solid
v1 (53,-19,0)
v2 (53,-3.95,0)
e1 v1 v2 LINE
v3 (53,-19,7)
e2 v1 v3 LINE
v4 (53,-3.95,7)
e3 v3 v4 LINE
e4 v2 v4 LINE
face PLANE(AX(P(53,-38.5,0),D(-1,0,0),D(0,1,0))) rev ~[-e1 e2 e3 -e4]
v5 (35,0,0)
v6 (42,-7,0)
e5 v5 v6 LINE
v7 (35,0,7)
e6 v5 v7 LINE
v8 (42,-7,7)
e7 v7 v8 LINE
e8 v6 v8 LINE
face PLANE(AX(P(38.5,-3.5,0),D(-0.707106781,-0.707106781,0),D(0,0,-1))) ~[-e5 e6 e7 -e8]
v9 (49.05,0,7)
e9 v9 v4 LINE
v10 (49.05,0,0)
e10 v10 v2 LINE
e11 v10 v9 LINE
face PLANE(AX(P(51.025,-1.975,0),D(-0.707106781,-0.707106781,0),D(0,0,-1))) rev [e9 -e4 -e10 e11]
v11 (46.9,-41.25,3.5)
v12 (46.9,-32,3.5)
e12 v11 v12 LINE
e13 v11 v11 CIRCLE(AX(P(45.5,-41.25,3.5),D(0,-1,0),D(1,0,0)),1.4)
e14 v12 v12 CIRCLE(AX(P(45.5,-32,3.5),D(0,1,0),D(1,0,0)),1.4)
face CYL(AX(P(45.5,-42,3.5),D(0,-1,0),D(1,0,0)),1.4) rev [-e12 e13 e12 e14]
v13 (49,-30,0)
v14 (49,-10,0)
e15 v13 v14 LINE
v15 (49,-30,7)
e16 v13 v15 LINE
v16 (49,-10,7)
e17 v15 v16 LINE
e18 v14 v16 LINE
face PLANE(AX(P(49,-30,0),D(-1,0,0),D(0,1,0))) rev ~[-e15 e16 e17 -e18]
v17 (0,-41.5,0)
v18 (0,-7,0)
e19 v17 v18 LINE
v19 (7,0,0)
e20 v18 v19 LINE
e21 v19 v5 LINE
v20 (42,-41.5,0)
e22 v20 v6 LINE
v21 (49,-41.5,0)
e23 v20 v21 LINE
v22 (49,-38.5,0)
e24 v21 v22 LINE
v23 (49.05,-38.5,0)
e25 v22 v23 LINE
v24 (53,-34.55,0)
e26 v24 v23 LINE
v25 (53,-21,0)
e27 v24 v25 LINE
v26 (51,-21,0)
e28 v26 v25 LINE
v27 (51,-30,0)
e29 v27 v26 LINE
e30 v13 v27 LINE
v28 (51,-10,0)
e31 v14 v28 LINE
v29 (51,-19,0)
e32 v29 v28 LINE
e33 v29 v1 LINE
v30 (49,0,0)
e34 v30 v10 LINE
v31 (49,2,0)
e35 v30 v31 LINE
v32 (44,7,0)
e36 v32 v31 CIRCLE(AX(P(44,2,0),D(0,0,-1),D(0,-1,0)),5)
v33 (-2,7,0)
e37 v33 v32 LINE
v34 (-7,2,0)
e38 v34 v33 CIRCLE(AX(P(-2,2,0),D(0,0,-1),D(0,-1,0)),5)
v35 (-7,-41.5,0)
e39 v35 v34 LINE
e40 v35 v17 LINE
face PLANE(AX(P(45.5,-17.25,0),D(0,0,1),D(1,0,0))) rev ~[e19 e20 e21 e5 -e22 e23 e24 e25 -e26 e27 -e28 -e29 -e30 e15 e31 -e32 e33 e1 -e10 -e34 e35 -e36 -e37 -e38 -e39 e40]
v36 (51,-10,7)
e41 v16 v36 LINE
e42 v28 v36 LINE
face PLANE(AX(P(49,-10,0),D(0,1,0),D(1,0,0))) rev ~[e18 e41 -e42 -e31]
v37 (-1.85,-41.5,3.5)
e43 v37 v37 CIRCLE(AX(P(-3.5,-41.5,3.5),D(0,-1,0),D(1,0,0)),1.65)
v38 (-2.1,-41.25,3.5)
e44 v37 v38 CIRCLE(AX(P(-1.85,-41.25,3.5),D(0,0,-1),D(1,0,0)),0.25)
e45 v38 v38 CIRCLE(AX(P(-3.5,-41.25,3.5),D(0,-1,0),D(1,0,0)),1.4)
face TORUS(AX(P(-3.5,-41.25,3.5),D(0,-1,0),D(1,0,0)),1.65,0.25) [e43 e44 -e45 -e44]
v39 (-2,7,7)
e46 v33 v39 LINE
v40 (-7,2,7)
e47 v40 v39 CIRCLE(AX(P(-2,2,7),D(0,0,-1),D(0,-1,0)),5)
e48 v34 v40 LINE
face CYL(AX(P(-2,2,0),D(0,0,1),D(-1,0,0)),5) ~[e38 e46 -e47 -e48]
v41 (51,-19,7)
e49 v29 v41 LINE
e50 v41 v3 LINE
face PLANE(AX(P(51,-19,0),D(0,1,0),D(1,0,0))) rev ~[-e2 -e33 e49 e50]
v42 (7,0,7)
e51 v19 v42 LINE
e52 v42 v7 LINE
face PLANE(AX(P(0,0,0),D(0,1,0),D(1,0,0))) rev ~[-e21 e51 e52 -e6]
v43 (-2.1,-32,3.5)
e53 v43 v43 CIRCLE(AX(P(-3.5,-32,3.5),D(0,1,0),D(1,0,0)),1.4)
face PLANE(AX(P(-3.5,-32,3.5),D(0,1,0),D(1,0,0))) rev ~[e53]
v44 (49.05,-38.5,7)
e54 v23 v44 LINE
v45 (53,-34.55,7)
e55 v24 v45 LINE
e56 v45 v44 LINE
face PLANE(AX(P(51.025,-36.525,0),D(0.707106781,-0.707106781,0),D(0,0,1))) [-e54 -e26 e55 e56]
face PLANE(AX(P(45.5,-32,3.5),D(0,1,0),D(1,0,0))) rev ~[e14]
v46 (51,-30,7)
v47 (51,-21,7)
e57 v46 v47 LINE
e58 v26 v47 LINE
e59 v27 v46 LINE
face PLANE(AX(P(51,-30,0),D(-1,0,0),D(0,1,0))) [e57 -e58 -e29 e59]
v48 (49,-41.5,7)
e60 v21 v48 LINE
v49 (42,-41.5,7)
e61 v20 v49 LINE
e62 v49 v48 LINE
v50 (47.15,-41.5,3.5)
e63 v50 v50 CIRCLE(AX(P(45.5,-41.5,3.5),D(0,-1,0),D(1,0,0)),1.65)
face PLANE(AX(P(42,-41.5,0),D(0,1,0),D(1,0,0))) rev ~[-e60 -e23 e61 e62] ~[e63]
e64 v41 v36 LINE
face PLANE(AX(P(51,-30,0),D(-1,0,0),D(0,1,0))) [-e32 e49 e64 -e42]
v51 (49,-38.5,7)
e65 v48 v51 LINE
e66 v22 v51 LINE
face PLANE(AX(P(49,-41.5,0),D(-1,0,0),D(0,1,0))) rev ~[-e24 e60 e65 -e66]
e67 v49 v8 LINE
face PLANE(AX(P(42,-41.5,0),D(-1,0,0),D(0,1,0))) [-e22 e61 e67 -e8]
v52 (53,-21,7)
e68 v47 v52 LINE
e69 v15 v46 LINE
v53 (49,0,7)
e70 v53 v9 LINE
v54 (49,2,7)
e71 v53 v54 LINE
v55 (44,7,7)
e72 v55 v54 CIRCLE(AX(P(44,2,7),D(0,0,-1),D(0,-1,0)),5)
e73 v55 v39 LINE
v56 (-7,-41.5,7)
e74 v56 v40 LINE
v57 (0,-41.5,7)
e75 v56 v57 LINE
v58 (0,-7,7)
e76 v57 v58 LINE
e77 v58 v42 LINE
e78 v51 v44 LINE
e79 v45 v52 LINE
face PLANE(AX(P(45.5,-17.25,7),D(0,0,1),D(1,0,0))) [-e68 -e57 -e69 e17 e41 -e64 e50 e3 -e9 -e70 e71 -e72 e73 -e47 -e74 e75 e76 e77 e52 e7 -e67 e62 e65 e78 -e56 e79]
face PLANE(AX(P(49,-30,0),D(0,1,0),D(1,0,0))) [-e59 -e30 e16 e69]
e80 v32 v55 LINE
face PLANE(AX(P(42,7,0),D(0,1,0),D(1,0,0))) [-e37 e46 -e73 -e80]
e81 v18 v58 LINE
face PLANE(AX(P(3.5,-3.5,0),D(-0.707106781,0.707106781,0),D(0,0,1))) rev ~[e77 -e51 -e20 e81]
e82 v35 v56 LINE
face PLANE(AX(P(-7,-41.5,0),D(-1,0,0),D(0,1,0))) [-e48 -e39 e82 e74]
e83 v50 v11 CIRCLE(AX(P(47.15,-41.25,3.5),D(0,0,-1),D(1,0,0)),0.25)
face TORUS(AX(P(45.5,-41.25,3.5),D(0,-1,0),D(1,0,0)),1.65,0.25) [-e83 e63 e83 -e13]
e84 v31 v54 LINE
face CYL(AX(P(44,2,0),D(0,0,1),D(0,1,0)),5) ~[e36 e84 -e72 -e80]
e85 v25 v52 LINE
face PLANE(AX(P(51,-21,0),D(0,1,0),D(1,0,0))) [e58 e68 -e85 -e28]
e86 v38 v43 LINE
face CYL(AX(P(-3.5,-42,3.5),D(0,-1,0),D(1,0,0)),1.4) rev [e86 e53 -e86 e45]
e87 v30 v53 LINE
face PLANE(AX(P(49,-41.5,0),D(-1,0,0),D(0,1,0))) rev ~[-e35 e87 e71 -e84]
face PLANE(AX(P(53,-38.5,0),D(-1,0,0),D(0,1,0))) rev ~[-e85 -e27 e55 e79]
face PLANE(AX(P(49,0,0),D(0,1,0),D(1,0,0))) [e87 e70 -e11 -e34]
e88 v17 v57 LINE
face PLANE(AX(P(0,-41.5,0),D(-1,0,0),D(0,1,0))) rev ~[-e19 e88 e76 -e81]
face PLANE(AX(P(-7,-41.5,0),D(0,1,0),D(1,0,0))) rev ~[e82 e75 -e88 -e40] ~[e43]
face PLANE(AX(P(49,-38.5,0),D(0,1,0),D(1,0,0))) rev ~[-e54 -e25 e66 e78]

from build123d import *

# Parameters (mm, degrees)
CYLINDER001_R          = 1.4
CYLINDER001_DEPTH      = 10
CYLINDER001_ROLL_ANGLE = -90
CYLINDER_R             = 1.4
CYLINDER_DEPTH         = 10
CYLINDER_ROLL_ANGLE    = -90
BOX005_W               = 2
BOX005_H               = 2
BOX005_DEPTH           = 7
BOX003_W               = 2
BOX003_H               = 20
BOX003_DEPTH           = 7
BOX001_W               = 7
BOX001_H               = 48.5
BOX001_DEPTH           = 7
BOX002_W               = 7
BOX002_H               = 48.5
BOX002_DEPTH           = 7
BOX004_W               = 4
BOX004_H               = 38.5
BOX004_DEPTH           = 7
BOX_W                  = 42
BOX_H                  = 7
BOX_DEPTH              = 7
CHAMFER_SIZE           = 3.95
CHAMFER001_SIZE        = 7
FILLET_R               = 5
FILLET001_R            = 0.25


with BuildPart() as bolt2:
    # Cylinder001 → Cylinder001 (new body)
    with BuildSketch(Plane.XY):
        Circle(CYLINDER001_R)
    extrude(amount=CYLINDER001_DEPTH)


with BuildPart() as bolt2_1:
    # Cylinder001 roll: moved
    add(bolt2.part.rotate(Axis((0, 0, 0), (1, 0, 0)), CYLINDER001_ROLL_ANGLE))


with BuildPart() as bolt2_2:
    # Cylinder001 placement: moved
    add(bolt2_1.part.moved(Location((45.5, -42, 3.5))))


with BuildPart() as bolt1:
    # Cylinder → Cylinder (new body)
    with BuildSketch(Plane.XY):
        Circle(CYLINDER_R)
    extrude(amount=CYLINDER_DEPTH)


with BuildPart() as bolt1_1:
    # Cylinder roll: moved
    add(bolt1.part.rotate(Axis((0, 0, 0), (1, 0, 0)), CYLINDER_ROLL_ANGLE))


with BuildPart() as bolt1_2:
    # Cylinder placement: moved
    add(bolt1_1.part.moved(Location((-3.5, -42, 3.5))))


with BuildPart() as cable_slot2:
    # Box005 → Box005 (new body)
    with BuildSketch(Plane(origin=(51, -21, 0), x_dir=(1, 0, 0), z_dir=(0, 0, 1))):
        with Locations((1, 1)):
            Rectangle(BOX005_W, BOX005_H)
    extrude(amount=BOX005_DEPTH)


with BuildPart() as cable_slot:
    # Box003 → Box003 (new body)
    with BuildSketch(Plane(origin=(49, -30, 0), x_dir=(1, 0, 0), z_dir=(0, 0, 1))):
        with Locations((1, 10)):
            Rectangle(BOX003_W, BOX003_H)
    extrude(amount=BOX003_DEPTH)


with BuildPart() as side1:
    # Box001 → Box001 (new body)
    with BuildSketch(Plane(origin=(-7, -41.5, 0), x_dir=(1, 0, 0), z_dir=(0, 0, 1))):
        with Locations((3.5, 24.25)):
            Rectangle(BOX001_W, BOX001_H)
    extrude(amount=BOX001_DEPTH)


with BuildPart() as side2:
    # Box002 → Box002 (new body)
    with BuildSketch(Plane(origin=(42, -41.5, 0), x_dir=(1, 0, 0), z_dir=(0, 0, 1))):
        with Locations((3.5, 24.25)):
            Rectangle(BOX002_W, BOX002_H)
    extrude(amount=BOX002_DEPTH)


with BuildPart() as cable_support:
    # Box004 → Box004 (new body)
    with BuildSketch(Plane(origin=(49, -38.5, 0), x_dir=(1, 0, 0), z_dir=(0, 0, 1))):
        with Locations((2, 19.25)):
            Rectangle(BOX004_W, BOX004_H)
    extrude(amount=BOX004_DEPTH)


with BuildPart() as holder_clamp:
    # Box → Box (new body)
    with BuildSketch(Plane.XY):
        with Locations((21, 3.5)):
            Rectangle(BOX_W, BOX_H)
    extrude(amount=BOX_DEPTH)

    # Fusion: union Side1, Side2, cable-support
    add(side1.part)
    add(side2.part)
    add(cable_support.part)

    # Cut: cut cable-slot
    add(cable_slot.part, mode=Mode.SUBTRACT)

    # Cut001: cut cable-slot2
    add(cable_slot2.part, mode=Mode.SUBTRACT)

    # Cut002: cut Bolt1
    add(bolt1_2.part, mode=Mode.SUBTRACT)

    # Cut003: cut Bolt2
    add(bolt2_2.part, mode=Mode.SUBTRACT)

    # Chamfer
    chamfer_edges = [holder_clamp.edges().sort_by_distance(p)[0] for p in [
        (53, -38.5, 3.5),
        (53, 0, 3.5),
    ]]
    chamfer(chamfer_edges, length=CHAMFER_SIZE)

    # Chamfer001
    chamfer001_edges = [holder_clamp.edges().sort_by_distance(p)[0] for p in [
        (42, 0, 3.5),
        (0, 0, 3.5),
    ]]
    chamfer(chamfer001_edges, length=CHAMFER001_SIZE)

    # Fillet
    fillet_edges = [holder_clamp.edges().sort_by_distance(p)[0] for p in [
        (49, 7, 3.5),
        (-7, 7, 3.5),
    ]]
    fillet(fillet_edges, radius=FILLET_R)

    # Fillet001
    fillet001_edges = [holder_clamp.edges().sort_by_distance(p)[0] for p in [
        (44.1, -41.5, 3.5),
        (-4.9, -41.5, 3.5),
    ]]
    fillet(fillet001_edges, radius=FILLET001_R)


solid = holder_clamp.part
